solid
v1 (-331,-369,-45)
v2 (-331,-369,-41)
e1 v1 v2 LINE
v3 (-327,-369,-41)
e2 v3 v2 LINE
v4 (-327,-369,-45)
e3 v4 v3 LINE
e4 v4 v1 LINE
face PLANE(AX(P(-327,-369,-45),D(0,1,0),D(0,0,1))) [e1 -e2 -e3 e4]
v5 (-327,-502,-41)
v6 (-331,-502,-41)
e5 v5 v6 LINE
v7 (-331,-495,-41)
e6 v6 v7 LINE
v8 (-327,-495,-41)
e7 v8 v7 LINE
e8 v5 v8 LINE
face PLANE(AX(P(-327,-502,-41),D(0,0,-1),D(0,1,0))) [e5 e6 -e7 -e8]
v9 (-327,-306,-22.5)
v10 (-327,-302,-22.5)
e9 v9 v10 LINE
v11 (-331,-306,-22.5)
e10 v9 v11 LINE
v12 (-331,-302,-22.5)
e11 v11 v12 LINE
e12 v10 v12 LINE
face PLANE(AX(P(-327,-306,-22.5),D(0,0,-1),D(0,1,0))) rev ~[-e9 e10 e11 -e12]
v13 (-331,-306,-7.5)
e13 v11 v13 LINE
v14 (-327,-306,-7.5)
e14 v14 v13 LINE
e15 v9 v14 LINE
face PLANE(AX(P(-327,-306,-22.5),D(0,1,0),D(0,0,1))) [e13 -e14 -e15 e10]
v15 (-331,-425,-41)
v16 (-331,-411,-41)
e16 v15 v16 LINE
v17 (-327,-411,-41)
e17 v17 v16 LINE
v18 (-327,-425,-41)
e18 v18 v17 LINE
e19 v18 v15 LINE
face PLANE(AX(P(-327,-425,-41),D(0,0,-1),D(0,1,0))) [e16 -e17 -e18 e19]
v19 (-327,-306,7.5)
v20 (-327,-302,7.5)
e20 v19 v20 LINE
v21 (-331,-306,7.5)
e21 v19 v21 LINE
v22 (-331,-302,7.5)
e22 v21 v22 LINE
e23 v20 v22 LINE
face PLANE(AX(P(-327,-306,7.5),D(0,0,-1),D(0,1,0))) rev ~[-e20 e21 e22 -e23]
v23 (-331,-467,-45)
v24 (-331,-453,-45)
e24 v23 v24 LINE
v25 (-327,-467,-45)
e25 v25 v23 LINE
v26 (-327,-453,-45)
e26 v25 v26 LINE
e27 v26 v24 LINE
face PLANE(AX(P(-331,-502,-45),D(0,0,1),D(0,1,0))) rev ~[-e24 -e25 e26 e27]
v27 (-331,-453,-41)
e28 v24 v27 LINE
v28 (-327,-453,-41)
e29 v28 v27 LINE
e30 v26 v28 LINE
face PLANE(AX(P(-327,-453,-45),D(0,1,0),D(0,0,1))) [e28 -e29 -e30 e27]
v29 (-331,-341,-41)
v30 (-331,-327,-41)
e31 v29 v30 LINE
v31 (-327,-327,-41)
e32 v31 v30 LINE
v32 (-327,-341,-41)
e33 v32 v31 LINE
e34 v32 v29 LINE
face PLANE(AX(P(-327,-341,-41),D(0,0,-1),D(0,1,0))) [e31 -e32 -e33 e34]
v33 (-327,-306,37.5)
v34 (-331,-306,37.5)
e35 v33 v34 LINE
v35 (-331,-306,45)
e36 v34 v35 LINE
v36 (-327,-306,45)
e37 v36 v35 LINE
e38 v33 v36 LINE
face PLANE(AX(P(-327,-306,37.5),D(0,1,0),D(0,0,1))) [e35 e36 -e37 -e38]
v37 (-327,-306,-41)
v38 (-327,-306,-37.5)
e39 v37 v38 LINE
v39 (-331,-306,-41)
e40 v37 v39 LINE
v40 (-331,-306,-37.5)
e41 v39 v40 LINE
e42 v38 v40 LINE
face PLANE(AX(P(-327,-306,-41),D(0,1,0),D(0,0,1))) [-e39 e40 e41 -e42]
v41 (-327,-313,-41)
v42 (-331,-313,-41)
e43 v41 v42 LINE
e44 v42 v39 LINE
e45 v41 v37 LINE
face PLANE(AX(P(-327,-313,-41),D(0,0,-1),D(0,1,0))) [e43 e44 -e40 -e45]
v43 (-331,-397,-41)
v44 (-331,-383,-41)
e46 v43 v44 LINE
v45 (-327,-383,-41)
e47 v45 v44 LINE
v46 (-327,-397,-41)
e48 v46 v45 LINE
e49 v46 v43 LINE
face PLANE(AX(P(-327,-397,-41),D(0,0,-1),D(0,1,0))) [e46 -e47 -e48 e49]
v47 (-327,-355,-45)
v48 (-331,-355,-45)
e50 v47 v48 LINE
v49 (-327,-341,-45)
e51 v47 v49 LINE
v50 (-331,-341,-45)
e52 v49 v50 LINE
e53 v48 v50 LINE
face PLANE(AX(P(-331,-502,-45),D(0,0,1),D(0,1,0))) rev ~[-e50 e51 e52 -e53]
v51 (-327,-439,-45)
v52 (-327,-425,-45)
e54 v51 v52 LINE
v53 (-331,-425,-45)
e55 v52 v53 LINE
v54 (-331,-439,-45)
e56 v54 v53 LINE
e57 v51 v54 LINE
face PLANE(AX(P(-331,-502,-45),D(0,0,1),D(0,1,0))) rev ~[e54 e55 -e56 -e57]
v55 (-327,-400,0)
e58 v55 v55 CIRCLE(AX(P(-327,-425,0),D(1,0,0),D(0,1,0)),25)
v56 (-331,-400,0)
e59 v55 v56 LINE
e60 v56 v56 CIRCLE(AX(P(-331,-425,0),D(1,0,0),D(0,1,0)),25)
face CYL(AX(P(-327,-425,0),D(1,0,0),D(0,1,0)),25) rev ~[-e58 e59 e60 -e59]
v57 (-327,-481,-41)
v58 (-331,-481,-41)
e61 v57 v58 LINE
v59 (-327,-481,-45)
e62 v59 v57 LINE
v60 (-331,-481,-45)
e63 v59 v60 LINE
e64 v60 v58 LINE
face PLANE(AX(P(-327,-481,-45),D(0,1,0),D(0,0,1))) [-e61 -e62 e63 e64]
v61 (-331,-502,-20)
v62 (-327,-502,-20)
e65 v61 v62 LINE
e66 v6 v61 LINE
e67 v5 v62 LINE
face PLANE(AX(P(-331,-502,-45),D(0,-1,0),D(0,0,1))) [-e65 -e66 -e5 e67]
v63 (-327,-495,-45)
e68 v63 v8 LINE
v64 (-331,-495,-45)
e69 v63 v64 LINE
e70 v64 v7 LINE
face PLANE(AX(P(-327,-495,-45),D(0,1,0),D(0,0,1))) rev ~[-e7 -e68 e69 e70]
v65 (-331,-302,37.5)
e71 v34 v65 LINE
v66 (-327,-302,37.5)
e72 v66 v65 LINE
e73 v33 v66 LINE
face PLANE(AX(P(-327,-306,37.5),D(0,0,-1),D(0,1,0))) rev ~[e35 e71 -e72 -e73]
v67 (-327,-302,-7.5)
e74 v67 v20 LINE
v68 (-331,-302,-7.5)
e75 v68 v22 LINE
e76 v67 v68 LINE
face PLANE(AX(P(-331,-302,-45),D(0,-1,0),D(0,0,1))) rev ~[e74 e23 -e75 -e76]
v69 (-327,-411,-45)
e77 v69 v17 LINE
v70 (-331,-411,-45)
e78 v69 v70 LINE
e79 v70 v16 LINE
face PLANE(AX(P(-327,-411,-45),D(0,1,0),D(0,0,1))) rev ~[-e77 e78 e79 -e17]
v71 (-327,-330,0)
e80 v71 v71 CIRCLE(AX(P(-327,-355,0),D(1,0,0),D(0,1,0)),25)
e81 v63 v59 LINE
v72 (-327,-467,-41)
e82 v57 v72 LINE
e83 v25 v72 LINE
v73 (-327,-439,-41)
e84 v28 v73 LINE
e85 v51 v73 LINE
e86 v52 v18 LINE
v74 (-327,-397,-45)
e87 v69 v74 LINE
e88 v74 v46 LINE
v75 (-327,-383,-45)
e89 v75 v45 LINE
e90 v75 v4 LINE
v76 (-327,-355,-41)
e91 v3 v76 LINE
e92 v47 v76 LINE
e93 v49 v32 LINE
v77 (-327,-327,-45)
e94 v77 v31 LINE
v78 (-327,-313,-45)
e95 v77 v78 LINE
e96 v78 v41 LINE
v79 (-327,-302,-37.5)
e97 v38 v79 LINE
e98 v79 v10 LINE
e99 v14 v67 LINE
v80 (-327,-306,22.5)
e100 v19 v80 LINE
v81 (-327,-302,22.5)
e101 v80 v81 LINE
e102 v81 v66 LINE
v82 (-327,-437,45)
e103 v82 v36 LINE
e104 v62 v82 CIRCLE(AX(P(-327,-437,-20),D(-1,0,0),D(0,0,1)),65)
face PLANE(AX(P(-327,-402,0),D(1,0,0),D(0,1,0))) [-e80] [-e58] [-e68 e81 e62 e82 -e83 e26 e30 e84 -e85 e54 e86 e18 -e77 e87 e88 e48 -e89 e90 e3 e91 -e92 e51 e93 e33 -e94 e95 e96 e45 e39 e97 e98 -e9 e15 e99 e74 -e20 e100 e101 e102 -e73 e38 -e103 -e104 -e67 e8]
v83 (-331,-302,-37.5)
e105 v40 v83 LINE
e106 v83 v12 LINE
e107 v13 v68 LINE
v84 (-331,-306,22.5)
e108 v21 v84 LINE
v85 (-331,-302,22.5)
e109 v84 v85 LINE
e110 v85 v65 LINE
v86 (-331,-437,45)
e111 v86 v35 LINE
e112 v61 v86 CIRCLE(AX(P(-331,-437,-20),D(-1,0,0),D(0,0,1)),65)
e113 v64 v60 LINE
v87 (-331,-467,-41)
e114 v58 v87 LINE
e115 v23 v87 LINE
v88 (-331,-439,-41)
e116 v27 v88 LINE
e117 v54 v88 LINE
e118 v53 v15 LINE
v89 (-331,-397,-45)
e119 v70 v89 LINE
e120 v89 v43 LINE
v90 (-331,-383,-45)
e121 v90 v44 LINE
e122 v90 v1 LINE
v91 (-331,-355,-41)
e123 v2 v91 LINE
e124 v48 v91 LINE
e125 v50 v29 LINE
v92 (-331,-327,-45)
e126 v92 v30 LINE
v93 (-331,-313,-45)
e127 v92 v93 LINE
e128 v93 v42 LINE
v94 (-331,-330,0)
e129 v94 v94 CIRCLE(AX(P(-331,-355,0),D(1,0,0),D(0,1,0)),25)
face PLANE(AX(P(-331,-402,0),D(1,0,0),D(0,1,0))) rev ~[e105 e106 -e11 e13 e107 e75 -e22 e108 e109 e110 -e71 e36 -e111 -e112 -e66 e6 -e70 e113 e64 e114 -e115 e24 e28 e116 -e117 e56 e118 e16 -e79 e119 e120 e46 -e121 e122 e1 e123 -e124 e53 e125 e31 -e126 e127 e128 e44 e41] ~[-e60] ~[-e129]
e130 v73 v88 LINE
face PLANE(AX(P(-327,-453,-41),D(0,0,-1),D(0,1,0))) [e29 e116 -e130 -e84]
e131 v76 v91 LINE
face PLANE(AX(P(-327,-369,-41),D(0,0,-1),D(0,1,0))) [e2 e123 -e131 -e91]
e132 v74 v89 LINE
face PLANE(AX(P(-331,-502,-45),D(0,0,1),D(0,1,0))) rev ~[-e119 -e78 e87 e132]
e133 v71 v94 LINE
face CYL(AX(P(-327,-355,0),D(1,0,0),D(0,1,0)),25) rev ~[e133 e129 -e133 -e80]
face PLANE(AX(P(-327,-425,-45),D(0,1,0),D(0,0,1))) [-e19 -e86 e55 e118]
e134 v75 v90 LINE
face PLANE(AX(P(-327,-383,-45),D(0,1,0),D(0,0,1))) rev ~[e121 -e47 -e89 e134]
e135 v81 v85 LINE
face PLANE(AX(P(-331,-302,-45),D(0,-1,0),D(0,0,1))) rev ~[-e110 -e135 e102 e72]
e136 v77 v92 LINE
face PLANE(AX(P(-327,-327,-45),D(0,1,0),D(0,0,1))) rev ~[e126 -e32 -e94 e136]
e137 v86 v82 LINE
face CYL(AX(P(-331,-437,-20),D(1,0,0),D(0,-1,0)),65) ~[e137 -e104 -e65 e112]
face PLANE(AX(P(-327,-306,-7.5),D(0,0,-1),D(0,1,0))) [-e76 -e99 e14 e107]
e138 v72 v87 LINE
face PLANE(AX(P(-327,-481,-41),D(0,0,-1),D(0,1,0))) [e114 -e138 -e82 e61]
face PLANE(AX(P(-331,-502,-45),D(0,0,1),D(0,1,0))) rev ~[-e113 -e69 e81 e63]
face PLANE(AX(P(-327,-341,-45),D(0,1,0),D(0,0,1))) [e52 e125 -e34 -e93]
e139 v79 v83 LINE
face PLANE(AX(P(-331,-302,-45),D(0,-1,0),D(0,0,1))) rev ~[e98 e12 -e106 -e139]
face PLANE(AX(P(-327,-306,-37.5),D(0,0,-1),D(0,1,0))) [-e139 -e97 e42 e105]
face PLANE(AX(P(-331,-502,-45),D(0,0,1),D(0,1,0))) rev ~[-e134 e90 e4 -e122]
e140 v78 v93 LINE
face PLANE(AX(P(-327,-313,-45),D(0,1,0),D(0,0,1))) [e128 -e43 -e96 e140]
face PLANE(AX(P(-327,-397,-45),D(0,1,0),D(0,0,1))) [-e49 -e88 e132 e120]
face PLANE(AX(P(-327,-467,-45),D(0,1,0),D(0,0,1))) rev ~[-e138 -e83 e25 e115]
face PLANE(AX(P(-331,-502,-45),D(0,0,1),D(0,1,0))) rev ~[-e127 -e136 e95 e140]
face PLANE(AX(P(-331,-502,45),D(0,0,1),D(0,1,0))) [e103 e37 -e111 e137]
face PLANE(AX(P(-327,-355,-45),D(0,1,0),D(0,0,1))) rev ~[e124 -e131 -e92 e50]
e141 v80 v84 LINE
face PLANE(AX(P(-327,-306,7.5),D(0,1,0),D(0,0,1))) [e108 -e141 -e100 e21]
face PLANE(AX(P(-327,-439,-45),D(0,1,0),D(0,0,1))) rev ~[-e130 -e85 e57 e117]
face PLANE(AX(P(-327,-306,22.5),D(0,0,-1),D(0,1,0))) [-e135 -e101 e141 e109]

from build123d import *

# Parameters (mm, degrees)
SKETCH071_W     = 200
SKETCH071_H     = 90
PAD035_DEPTH    = 4
SKETCH070_R     = 25
SKETCH070_W     = 7
SKETCH070_H     = 4
SKETCH070_W_2   = 14
SKETCH070_W_3   = 4
SKETCH070_H_2   = 15
SKETCH070_H_3   = 7.5
POCKET031_DEPTH = 4
FILLET002_R     = 65


with BuildPart() as part:
    # Sketch071 → Pad035 (new body)
    with BuildSketch(Plane.YZ):
        Rectangle(SKETCH071_W, SKETCH071_H)
    extrude(amount=PAD035_DEPTH)

    # Sketch070 (on Face6 of Pad035) → Pocket031 (cut)
    with BuildSketch(Plane.YZ.offset(4)):
        with Locations((-23, 0)):
            Circle(SKETCH070_R)
        with Locations((47, 0)):
            Circle(SKETCH070_R)
        with Locations((-96.5, -43)):
            Rectangle(SKETCH070_W, SKETCH070_H)
        with Locations((-72, -43)):
            Rectangle(SKETCH070_W_2, SKETCH070_H)
        with Locations((-44, -43)):
            Rectangle(SKETCH070_W_2, SKETCH070_H)
        with Locations((-16, -43)):
            Rectangle(SKETCH070_W_2, SKETCH070_H)
        with Locations((12, -43)):
            Rectangle(SKETCH070_W_2, SKETCH070_H)
        with Locations((40, -43)):
            Rectangle(SKETCH070_W_2, SKETCH070_H)
        with Locations((68, -43)):
            Rectangle(SKETCH070_W_2, SKETCH070_H)
        with Locations((98, -15)):
            Rectangle(SKETCH070_W_3, SKETCH070_H_2)
        with Locations((98, 15)):
            Rectangle(SKETCH070_W_3, SKETCH070_H_2)
        with Locations((98, 41.25)):
            Rectangle(SKETCH070_W_3, SKETCH070_H_3)
        Polygon((89, -45), (89, -41), (96, -41), (96, -37.5), (100, -37.5), (100, -45), align=None)
    extrude(amount=-POCKET031_DEPTH, mode=Mode.SUBTRACT)

    # Fillet002
    fillet002_edges = [part.edges().sort_by_distance(p)[0] for p in [
        (2, -100, 45),
    ]]
    fillet(fillet002_edges, radius=FILLET002_R)


with BuildPart() as part_1:
    # Body035 placement: moved
    add(part.part.moved(Location((-331, -402, 0))))


solid = part_1.part
